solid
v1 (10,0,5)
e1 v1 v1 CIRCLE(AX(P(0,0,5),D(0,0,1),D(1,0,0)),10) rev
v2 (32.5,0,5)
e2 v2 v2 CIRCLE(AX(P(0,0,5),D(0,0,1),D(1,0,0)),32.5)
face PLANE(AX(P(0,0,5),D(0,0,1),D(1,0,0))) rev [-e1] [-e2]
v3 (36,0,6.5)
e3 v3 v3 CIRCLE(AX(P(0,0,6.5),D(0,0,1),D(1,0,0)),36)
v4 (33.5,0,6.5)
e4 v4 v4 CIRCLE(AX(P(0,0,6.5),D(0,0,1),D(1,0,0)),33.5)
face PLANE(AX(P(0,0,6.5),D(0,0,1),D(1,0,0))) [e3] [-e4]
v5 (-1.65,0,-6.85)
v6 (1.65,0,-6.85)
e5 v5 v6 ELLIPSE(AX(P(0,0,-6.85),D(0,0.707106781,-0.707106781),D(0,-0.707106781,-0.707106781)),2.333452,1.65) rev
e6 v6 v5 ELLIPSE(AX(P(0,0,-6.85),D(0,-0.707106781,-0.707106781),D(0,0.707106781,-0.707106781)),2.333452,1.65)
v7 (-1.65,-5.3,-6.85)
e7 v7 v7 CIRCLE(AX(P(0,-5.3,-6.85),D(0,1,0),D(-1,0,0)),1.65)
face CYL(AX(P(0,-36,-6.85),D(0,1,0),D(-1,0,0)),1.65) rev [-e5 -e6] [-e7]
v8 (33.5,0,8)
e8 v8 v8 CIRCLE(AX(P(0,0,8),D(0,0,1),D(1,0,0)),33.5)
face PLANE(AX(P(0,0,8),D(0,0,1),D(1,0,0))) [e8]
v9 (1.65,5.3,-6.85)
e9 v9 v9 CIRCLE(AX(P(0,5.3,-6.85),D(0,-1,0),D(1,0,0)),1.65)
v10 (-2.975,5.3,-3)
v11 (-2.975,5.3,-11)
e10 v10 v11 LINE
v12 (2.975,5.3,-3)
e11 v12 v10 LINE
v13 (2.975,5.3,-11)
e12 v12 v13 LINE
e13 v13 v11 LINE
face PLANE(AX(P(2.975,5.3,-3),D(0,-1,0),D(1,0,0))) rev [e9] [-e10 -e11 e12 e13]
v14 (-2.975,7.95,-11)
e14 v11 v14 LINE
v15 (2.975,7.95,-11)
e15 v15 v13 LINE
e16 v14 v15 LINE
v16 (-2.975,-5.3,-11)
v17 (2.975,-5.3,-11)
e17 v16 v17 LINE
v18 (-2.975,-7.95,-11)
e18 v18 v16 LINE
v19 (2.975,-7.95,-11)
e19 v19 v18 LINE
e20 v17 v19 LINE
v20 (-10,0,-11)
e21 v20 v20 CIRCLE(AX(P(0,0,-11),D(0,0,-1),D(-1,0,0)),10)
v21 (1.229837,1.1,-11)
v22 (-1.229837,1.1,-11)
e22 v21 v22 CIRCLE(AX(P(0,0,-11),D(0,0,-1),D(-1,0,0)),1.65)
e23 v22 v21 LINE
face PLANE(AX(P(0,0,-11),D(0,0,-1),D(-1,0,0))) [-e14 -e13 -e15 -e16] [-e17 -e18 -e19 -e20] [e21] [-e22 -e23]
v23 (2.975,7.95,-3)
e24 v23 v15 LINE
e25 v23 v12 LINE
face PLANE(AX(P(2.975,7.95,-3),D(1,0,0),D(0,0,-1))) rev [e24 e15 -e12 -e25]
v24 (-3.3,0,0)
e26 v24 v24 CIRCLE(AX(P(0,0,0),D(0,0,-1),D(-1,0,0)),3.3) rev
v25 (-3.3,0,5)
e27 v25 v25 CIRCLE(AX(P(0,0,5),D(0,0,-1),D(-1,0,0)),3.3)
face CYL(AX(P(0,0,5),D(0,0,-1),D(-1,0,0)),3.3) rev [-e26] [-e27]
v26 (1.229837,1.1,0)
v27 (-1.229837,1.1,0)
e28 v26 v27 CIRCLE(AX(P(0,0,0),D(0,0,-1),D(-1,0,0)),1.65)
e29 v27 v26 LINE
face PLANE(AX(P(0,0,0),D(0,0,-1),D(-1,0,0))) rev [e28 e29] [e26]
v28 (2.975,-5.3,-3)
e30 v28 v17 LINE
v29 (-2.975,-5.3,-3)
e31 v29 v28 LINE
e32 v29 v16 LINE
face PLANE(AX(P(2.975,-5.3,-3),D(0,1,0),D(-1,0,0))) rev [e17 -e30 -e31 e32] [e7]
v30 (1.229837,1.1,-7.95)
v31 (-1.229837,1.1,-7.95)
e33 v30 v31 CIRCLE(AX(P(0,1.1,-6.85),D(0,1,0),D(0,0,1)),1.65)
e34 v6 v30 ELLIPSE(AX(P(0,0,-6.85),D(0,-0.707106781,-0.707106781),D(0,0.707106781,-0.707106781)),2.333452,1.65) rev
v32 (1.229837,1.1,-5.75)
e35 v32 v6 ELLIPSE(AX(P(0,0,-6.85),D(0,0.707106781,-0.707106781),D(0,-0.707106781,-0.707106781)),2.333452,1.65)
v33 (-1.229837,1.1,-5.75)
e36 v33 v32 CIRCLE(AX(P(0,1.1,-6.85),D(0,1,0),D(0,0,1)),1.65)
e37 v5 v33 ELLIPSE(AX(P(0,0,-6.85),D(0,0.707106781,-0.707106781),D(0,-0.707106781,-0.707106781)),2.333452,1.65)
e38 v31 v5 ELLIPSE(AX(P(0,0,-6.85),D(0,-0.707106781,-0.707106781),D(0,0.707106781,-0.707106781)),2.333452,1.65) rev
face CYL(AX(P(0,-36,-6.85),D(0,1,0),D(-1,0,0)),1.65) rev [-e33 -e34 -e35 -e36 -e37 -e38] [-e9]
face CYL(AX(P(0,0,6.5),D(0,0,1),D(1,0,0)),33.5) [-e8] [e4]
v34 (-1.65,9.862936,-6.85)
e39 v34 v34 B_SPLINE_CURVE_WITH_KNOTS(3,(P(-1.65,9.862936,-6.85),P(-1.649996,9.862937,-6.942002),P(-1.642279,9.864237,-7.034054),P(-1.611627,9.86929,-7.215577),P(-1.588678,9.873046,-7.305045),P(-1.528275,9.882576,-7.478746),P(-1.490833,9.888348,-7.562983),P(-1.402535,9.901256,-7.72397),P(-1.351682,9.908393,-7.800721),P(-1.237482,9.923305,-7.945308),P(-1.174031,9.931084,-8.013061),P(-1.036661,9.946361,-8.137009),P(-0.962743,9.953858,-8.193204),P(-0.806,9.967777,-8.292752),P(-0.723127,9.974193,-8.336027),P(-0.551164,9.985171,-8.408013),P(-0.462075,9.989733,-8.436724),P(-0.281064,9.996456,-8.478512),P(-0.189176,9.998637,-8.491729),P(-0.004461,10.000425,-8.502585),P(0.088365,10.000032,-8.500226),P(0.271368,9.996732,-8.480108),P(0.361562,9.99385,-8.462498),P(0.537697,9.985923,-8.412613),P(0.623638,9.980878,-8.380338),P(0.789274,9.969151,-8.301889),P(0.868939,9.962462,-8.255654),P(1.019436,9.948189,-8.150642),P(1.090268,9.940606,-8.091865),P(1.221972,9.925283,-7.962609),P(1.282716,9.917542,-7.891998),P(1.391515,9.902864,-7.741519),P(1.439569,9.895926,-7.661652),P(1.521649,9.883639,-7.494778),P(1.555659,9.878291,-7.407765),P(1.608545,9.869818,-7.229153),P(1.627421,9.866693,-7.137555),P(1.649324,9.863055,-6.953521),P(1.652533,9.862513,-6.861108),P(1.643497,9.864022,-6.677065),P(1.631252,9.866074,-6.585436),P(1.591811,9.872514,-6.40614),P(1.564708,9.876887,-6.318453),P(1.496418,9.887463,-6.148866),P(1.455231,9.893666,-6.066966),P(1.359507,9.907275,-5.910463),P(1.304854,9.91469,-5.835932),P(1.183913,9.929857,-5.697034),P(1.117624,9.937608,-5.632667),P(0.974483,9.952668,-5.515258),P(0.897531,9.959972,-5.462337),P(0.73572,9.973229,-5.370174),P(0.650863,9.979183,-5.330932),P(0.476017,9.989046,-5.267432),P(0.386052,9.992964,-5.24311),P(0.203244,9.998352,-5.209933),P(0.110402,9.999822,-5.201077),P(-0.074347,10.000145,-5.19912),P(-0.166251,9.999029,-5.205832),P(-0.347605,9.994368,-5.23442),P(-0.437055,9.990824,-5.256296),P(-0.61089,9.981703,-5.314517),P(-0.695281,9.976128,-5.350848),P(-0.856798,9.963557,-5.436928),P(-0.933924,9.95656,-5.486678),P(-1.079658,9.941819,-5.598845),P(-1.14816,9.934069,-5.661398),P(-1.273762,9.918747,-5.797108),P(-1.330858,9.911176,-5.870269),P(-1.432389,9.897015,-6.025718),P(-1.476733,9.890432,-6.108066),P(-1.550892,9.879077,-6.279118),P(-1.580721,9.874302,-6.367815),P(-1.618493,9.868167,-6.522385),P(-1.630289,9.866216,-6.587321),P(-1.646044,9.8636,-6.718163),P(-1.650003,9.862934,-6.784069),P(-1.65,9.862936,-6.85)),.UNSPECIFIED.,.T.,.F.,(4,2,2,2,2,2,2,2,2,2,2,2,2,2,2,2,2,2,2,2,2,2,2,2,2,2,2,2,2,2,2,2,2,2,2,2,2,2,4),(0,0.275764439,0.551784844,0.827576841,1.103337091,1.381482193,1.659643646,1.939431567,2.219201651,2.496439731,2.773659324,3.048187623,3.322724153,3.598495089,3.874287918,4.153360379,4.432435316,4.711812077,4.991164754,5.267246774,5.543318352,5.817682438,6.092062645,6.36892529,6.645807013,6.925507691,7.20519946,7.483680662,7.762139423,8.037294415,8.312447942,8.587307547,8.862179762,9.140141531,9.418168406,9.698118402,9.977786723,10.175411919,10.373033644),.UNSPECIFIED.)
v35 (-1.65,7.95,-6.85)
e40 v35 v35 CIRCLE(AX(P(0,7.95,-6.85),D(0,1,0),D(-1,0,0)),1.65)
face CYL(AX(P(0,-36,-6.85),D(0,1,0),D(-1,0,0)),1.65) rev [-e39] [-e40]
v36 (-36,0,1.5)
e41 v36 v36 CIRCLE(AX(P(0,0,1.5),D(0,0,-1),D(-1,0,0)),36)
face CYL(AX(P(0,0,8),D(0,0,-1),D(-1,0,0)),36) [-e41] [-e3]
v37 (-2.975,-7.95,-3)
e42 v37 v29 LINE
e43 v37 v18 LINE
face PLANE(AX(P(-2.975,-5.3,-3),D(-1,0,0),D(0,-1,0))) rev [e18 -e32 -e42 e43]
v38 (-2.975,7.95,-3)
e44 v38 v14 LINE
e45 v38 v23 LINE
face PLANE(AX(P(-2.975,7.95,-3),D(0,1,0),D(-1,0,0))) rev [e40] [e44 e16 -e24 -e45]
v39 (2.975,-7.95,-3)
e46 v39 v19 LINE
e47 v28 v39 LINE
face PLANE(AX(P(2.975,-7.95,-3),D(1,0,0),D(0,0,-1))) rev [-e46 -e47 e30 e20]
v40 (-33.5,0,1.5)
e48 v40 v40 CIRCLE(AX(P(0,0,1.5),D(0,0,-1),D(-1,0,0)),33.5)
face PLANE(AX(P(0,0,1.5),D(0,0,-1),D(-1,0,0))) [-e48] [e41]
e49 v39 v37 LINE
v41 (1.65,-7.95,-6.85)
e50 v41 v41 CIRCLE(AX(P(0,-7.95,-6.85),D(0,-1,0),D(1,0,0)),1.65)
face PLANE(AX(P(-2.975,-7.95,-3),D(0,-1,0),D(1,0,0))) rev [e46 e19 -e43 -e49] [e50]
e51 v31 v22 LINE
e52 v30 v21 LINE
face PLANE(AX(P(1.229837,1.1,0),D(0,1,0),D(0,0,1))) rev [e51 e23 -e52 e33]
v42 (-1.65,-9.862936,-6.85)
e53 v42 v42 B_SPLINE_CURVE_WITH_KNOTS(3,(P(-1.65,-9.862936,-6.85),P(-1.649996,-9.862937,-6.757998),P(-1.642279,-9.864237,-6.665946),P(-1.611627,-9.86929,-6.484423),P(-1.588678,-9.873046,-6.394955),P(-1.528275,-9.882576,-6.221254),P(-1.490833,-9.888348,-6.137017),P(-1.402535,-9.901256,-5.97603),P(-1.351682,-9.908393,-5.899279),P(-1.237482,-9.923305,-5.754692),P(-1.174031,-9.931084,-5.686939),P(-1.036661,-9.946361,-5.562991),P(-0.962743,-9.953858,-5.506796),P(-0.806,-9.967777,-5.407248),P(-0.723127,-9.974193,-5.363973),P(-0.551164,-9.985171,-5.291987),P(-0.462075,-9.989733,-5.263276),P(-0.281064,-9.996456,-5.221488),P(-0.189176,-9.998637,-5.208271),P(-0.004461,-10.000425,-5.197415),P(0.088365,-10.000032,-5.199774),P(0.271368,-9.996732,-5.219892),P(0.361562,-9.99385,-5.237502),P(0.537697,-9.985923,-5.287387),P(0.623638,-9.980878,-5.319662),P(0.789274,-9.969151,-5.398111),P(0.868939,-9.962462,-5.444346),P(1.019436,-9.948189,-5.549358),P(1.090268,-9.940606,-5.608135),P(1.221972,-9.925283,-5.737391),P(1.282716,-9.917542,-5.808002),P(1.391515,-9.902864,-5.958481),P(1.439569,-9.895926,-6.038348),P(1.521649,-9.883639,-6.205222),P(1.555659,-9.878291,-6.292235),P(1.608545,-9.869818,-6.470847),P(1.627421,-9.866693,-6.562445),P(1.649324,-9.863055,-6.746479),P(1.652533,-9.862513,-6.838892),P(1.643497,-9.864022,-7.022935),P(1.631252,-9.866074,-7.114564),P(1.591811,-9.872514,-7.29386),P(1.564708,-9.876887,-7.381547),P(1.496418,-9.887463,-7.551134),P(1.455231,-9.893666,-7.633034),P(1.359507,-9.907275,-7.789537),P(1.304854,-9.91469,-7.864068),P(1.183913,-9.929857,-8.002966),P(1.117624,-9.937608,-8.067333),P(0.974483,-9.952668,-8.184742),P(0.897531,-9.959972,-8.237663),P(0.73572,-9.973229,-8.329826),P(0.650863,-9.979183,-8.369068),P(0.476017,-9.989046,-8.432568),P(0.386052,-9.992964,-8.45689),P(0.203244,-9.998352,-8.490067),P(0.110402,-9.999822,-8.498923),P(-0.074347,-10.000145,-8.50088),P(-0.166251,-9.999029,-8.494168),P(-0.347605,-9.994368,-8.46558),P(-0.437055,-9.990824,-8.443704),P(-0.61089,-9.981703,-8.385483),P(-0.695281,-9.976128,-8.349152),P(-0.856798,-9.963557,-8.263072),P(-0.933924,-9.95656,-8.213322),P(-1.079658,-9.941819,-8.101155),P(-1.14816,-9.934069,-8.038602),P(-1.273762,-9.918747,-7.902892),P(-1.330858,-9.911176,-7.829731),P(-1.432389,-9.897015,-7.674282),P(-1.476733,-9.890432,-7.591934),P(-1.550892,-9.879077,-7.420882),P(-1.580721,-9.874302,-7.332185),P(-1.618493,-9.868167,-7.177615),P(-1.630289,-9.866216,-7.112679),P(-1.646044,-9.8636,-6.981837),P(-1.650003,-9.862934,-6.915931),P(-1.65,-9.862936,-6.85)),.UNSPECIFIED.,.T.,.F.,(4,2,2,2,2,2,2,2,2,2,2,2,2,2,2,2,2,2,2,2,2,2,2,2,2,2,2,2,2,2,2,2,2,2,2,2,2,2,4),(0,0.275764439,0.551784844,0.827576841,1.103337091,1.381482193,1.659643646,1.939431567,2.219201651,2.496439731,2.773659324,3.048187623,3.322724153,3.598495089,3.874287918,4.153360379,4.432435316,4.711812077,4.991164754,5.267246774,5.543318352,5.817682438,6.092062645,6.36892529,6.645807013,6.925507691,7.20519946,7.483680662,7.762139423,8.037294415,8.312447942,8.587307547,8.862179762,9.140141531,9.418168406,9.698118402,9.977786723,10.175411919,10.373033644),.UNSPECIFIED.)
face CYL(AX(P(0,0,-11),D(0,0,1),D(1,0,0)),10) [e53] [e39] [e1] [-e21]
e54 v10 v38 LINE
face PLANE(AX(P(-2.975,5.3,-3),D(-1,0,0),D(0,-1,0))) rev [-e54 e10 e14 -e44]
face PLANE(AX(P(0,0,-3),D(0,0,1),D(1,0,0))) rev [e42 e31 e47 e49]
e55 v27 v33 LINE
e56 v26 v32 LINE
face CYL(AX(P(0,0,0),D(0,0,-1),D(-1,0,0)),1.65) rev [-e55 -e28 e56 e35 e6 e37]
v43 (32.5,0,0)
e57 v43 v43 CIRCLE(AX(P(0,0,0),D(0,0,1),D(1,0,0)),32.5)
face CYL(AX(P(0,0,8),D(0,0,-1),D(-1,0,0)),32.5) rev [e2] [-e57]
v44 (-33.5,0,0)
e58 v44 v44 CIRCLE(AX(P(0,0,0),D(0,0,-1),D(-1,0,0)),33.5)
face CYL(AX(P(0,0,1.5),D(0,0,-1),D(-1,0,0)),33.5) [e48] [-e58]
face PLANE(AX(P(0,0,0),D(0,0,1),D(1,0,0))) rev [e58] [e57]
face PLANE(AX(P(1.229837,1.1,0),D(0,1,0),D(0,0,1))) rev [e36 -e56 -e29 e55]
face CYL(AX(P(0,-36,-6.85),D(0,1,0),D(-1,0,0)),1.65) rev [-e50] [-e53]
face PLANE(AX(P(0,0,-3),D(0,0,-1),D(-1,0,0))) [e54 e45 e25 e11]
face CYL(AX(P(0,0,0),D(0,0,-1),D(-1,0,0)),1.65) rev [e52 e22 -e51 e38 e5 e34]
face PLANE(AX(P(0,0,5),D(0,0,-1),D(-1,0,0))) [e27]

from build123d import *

# Parameters (mm, degrees)
ESBO_O1_R                     = 35
ESBO_O1_R_2                   = 32.5
RESSALTO_EXTRUS_O1_DEPTH      = 8
RESSALTO_EXTRUS_O2_START      = -3
ESBO_O2_R                     = 32.5
RESSALTO_EXTRUS_O2_DEPTH      = 3
ESBO_O3_R                     = 2.5
CORTE_EXTRUS_O1_DEPTH         = 3
RESSALTO_EXTRUS_O3_DEPTH      = 5
RESSALTO_EXTRUS_O3_DEPTH_BACK = 3
ESBO_O4_R                     = 37
ESBO_O4_R_2                   = 35
ESBO_O5_W                     = 1.8
ESBO_O5_H                     = 3
ESBO_O6_R                     = 12.55
RESSALTO_EXTRUS_O4_DEPTH      = 5
CORTE_EXTRUS_O2_DEPTH         = 53.933921071
CORTE_EXTRUS_O2_DEPTH_BACK    = 53.933921071
ESBO_O7_R                     = 7.55
RESSALTO_EXTRUS_O5_START      = -8
ESBO_O8_R                     = 37
ESBO_O8_R_2                   = 32.5
RESSALTO_EXTRUS_O5_DEPTH      = 8
ESBO_O9_R                     = 37
ESBO_O9_R_2                   = 33.5
CORTE_EXTRUS_O8_DEPTH         = 1.5
CORTE_EXTRUS_O9_START         = -1.5
ESBO_O12_R                    = 37
ESBO_O12_R_2                  = 33.5
CORTE_EXTRUS_O9_DEPTH         = 1.5
CORTE_EXTRUS_O10_START        = -10
ESBO_O13_R                    = 37
ESBO_O13_R_2                  = 36
CORTE_EXTRUS_O10_DEPTH        = 10
ESBO_O14_R                    = 37
ESBO_O14_R_2                  = 36
RESSALTO_EXTRUS_O6_DEPTH      = 5
ESBO_O15_R                    = 12.55
CORTE_EXTRUS_O11_DEPTH        = 53.933921071
ESBO_O16_R                    = 12.55
RESSALTO_EXTRUS_O7_DEPTH      = 3
ESBO_O17_R                    = 10
RESSALTO_EXTRUS_O8_DEPTH      = 16
ESBO_O18_R                    = 3.3
CORTE_EXTRUS_O12_DEPTH        = 16
ESBO_O19_W                    = 5.95
ESBO_O19_H                    = 2.65
CORTE_EXTRUS_O13_DEPTH        = 8
ESBO_O23_R                    = 37
ESBO_O23_R_2                  = 36
CORTE_EXTRUS_O15_DEPTH        = 54.798234172
ESBO_O24_R                    = 3.3
RESSALTO_EXTRUS_O9_DEPTH      = 11
CORTE_EXTRUS_O14_DEPTH        = 56.88103435
CORTE_EXTRUS_O14_DEPTH_BACK   = 56.88103435
ESBO_O21_R                    = 1.65


with BuildPart() as part:
    # Esboço1 → Ressalto-extrusão1 (new body)
    with BuildSketch(Plane.XY):
        Circle(ESBO_O1_R)
        Circle(ESBO_O1_R_2, mode=Mode.SUBTRACT)
    extrude(amount=RESSALTO_EXTRUS_O1_DEPTH)

    # Esboço2 → Ressalto-extrusão2 (add)
    with BuildSketch(Plane.XY.offset(8).offset(RESSALTO_EXTRUS_O2_START)):
        Circle(ESBO_O2_R)
    extrude(amount=RESSALTO_EXTRUS_O2_DEPTH)

    # Esboço3 → Corte-extrusão1 (cut)
    with BuildSketch(Plane.XY.offset(8)):
        Circle(ESBO_O3_R)
    extrude(amount=-CORTE_EXTRUS_O1_DEPTH, mode=Mode.SUBTRACT)

    # Esboço4 → Ressalto-extrusão3 (add, two sides: drawn at the far end of the back side and taken through both)
    with BuildSketch(Plane(origin=(0, 0, 5), x_dir=(-1, 0, 0), z_dir=(0, 0, -1)).offset(-RESSALTO_EXTRUS_O3_DEPTH_BACK)):
        Circle(ESBO_O4_R)
        Circle(ESBO_O4_R_2, mode=Mode.SUBTRACT)
    extrude(amount=RESSALTO_EXTRUS_O3_DEPTH + RESSALTO_EXTRUS_O3_DEPTH_BACK)

    # Esboço5 → Corte-Revolução1 (revolve, cut)
    with BuildSketch(Plane(origin=(0, 0, 0), x_dir=(1, 0, 0), z_dir=(0, 1, 0))):
        with Locations((-36.1, -2.5)):
            Rectangle(ESBO_O5_W, ESBO_O5_H)
        with Locations((-36.1, -5.5)):
            Rectangle(ESBO_O5_W, ESBO_O5_H)
    revolve(axis=Axis((0, 0, 8), (0, 0, -1)), mode=Mode.SUBTRACT)

    # Esboço6 → Ressalto-extrusão4 (add)
    with BuildSketch(Plane(origin=(0, 0, 5), x_dir=(-1, 0, 0), z_dir=(0, 0, -1))):
        with Locations(Location((0, 0, 0), (0, 0, 180))):
            Circle(ESBO_O6_R)
    extrude(amount=RESSALTO_EXTRUS_O4_DEPTH)

    # Esboço7 → Corte-extrusão2 (cut, two sides: drawn at the far end of the back side and taken through both)
    with BuildSketch(Plane(origin=(0, 0, 0), x_dir=(-1, 0, 0), z_dir=(0, 0, -1)).offset(-CORTE_EXTRUS_O2_DEPTH_BACK)):
        Circle(ESBO_O7_R)
    extrude(amount=CORTE_EXTRUS_O2_DEPTH + CORTE_EXTRUS_O2_DEPTH_BACK, mode=Mode.SUBTRACT)

    # Esboço8 → Ressalto-extrusão5 (add)
    with BuildSketch(Plane.XY.offset(8).offset(RESSALTO_EXTRUS_O5_START)):
        with Locations(Location((0, 0, 0), (0, 0, 180))):
            Circle(ESBO_O8_R)
        Circle(ESBO_O8_R_2, mode=Mode.SUBTRACT)
    extrude(amount=RESSALTO_EXTRUS_O5_DEPTH)

    # Esboço9 → Corte-extrusão8 (cut)
    with BuildSketch(Plane.XY.offset(8)):
        with Locations(Location((0, 0, 0), (0, 0, 180))):
            Circle(ESBO_O9_R)
        Circle(ESBO_O9_R_2, mode=Mode.SUBTRACT)
    extrude(amount=-CORTE_EXTRUS_O8_DEPTH, mode=Mode.SUBTRACT)

    # Esboço12 → Corte-extrusão9 (cut)
    with BuildSketch(Plane(origin=(0, 0, 0), x_dir=(-1, 0, 0), z_dir=(0, 0, -1)).offset(CORTE_EXTRUS_O9_START)):
        Circle(ESBO_O12_R)
        with Locations(Location((0, 0, 0), (0, 0, 180))):
            Circle(ESBO_O12_R_2, mode=Mode.SUBTRACT)
    extrude(amount=CORTE_EXTRUS_O9_DEPTH, mode=Mode.SUBTRACT)

    # Esboço13 → Corte-extrusão10 (cut)
    with BuildSketch(Plane(origin=(0, 0, 1.5), x_dir=(-1, 0, 0), z_dir=(0, 0, -1)).offset(CORTE_EXTRUS_O10_START)):
        Circle(ESBO_O13_R)
        Circle(ESBO_O13_R_2, mode=Mode.SUBTRACT)
    extrude(amount=CORTE_EXTRUS_O10_DEPTH, mode=Mode.SUBTRACT)

    # Esboço14 → Ressalto-extrusão6 (add)
    with BuildSketch(Plane.XY.offset(6.5)):
        Circle(ESBO_O14_R)
        Circle(ESBO_O14_R_2, mode=Mode.SUBTRACT)
    extrude(amount=-RESSALTO_EXTRUS_O6_DEPTH)

    # Esboço15 → Corte-extrusão11 (cut, through all)
    with BuildSketch(Plane(origin=(0, 0, 0), x_dir=(-1, 0, 0), z_dir=(0, 0, -1))):
        Circle(ESBO_O15_R)
    extrude(amount=-CORTE_EXTRUS_O11_DEPTH, mode=Mode.SUBTRACT)

    # Esboço16 → Ressalto-extrusão7 (add, through all)
    with BuildSketch(Plane(origin=(0, 0, 5), x_dir=(-1, 0, 0), z_dir=(0, 0, -1))):
        Circle(ESBO_O16_R)
    extrude(amount=-RESSALTO_EXTRUS_O7_DEPTH)

    # Esboço17 → Ressalto-extrusão8 (add)
    with BuildSketch(Plane(origin=(0, 0, 5), x_dir=(-1, 0, 0), z_dir=(0, 0, -1))):
        with Locations(Location((0, 0, 0), (0, 0, 180))):
            Circle(ESBO_O17_R)
    extrude(amount=RESSALTO_EXTRUS_O8_DEPTH)

    # Esboço18 → Corte-extrusão12 (cut)
    with BuildSketch(Plane(origin=(0, 0, -11), x_dir=(-1, 0, 0), z_dir=(0, 0, -1))):
        Circle(ESBO_O18_R)
    extrude(amount=-CORTE_EXTRUS_O12_DEPTH, mode=Mode.SUBTRACT)

    # Esboço19 → Corte-extrusão13 (cut)
    with BuildSketch(Plane(origin=(0, 0, -11), x_dir=(-1, 0, 0), z_dir=(0, 0, -1))):
        with Locations((0, -6.625)):
            Rectangle(ESBO_O19_W, ESBO_O19_H)
        with Locations((0, 6.625)):
            Rectangle(ESBO_O19_W, ESBO_O19_H)
    extrude(amount=-CORTE_EXTRUS_O13_DEPTH, mode=Mode.SUBTRACT)

    # Esboço23 → Corte-extrusão15 (cut, through all)
    with BuildSketch(Plane(origin=(0, 0, 1.5), x_dir=(-1, 0, 0), z_dir=(0, 0, -1))):
        Circle(ESBO_O23_R)
        Circle(ESBO_O23_R_2, mode=Mode.SUBTRACT)
    extrude(amount=-CORTE_EXTRUS_O15_DEPTH, mode=Mode.SUBTRACT)

    # Esboço24 → Ressalto-extrusão9 (add)
    with BuildSketch(Plane(origin=(0, 0, -11), x_dir=(-1, 0, 0), z_dir=(0, 0, -1))):
        Circle(ESBO_O24_R)
        with BuildLine():
            Line((-1.229837388, 1.1), (1.229837388, 1.1))
            ThreePointArc((1.229837388, 1.1), (0, -1.65), (-1.229837388, 1.1))
        make_face(mode=Mode.SUBTRACT)
    extrude(amount=-RESSALTO_EXTRUS_O9_DEPTH)

    # Esboço21 → Corte-extrusão14 (cut, two sides: drawn at the far end of the back side and taken through both)
    with BuildSketch(Plane(origin=(0, 5.3, 0), x_dir=(1, 0, 0), z_dir=(0, 1, 0)).offset(-CORTE_EXTRUS_O14_DEPTH_BACK)):
        with Locations((0, 6.85)):
            Circle(ESBO_O21_R)
    extrude(amount=CORTE_EXTRUS_O14_DEPTH + CORTE_EXTRUS_O14_DEPTH_BACK, mode=Mode.SUBTRACT)


solid = part.part
